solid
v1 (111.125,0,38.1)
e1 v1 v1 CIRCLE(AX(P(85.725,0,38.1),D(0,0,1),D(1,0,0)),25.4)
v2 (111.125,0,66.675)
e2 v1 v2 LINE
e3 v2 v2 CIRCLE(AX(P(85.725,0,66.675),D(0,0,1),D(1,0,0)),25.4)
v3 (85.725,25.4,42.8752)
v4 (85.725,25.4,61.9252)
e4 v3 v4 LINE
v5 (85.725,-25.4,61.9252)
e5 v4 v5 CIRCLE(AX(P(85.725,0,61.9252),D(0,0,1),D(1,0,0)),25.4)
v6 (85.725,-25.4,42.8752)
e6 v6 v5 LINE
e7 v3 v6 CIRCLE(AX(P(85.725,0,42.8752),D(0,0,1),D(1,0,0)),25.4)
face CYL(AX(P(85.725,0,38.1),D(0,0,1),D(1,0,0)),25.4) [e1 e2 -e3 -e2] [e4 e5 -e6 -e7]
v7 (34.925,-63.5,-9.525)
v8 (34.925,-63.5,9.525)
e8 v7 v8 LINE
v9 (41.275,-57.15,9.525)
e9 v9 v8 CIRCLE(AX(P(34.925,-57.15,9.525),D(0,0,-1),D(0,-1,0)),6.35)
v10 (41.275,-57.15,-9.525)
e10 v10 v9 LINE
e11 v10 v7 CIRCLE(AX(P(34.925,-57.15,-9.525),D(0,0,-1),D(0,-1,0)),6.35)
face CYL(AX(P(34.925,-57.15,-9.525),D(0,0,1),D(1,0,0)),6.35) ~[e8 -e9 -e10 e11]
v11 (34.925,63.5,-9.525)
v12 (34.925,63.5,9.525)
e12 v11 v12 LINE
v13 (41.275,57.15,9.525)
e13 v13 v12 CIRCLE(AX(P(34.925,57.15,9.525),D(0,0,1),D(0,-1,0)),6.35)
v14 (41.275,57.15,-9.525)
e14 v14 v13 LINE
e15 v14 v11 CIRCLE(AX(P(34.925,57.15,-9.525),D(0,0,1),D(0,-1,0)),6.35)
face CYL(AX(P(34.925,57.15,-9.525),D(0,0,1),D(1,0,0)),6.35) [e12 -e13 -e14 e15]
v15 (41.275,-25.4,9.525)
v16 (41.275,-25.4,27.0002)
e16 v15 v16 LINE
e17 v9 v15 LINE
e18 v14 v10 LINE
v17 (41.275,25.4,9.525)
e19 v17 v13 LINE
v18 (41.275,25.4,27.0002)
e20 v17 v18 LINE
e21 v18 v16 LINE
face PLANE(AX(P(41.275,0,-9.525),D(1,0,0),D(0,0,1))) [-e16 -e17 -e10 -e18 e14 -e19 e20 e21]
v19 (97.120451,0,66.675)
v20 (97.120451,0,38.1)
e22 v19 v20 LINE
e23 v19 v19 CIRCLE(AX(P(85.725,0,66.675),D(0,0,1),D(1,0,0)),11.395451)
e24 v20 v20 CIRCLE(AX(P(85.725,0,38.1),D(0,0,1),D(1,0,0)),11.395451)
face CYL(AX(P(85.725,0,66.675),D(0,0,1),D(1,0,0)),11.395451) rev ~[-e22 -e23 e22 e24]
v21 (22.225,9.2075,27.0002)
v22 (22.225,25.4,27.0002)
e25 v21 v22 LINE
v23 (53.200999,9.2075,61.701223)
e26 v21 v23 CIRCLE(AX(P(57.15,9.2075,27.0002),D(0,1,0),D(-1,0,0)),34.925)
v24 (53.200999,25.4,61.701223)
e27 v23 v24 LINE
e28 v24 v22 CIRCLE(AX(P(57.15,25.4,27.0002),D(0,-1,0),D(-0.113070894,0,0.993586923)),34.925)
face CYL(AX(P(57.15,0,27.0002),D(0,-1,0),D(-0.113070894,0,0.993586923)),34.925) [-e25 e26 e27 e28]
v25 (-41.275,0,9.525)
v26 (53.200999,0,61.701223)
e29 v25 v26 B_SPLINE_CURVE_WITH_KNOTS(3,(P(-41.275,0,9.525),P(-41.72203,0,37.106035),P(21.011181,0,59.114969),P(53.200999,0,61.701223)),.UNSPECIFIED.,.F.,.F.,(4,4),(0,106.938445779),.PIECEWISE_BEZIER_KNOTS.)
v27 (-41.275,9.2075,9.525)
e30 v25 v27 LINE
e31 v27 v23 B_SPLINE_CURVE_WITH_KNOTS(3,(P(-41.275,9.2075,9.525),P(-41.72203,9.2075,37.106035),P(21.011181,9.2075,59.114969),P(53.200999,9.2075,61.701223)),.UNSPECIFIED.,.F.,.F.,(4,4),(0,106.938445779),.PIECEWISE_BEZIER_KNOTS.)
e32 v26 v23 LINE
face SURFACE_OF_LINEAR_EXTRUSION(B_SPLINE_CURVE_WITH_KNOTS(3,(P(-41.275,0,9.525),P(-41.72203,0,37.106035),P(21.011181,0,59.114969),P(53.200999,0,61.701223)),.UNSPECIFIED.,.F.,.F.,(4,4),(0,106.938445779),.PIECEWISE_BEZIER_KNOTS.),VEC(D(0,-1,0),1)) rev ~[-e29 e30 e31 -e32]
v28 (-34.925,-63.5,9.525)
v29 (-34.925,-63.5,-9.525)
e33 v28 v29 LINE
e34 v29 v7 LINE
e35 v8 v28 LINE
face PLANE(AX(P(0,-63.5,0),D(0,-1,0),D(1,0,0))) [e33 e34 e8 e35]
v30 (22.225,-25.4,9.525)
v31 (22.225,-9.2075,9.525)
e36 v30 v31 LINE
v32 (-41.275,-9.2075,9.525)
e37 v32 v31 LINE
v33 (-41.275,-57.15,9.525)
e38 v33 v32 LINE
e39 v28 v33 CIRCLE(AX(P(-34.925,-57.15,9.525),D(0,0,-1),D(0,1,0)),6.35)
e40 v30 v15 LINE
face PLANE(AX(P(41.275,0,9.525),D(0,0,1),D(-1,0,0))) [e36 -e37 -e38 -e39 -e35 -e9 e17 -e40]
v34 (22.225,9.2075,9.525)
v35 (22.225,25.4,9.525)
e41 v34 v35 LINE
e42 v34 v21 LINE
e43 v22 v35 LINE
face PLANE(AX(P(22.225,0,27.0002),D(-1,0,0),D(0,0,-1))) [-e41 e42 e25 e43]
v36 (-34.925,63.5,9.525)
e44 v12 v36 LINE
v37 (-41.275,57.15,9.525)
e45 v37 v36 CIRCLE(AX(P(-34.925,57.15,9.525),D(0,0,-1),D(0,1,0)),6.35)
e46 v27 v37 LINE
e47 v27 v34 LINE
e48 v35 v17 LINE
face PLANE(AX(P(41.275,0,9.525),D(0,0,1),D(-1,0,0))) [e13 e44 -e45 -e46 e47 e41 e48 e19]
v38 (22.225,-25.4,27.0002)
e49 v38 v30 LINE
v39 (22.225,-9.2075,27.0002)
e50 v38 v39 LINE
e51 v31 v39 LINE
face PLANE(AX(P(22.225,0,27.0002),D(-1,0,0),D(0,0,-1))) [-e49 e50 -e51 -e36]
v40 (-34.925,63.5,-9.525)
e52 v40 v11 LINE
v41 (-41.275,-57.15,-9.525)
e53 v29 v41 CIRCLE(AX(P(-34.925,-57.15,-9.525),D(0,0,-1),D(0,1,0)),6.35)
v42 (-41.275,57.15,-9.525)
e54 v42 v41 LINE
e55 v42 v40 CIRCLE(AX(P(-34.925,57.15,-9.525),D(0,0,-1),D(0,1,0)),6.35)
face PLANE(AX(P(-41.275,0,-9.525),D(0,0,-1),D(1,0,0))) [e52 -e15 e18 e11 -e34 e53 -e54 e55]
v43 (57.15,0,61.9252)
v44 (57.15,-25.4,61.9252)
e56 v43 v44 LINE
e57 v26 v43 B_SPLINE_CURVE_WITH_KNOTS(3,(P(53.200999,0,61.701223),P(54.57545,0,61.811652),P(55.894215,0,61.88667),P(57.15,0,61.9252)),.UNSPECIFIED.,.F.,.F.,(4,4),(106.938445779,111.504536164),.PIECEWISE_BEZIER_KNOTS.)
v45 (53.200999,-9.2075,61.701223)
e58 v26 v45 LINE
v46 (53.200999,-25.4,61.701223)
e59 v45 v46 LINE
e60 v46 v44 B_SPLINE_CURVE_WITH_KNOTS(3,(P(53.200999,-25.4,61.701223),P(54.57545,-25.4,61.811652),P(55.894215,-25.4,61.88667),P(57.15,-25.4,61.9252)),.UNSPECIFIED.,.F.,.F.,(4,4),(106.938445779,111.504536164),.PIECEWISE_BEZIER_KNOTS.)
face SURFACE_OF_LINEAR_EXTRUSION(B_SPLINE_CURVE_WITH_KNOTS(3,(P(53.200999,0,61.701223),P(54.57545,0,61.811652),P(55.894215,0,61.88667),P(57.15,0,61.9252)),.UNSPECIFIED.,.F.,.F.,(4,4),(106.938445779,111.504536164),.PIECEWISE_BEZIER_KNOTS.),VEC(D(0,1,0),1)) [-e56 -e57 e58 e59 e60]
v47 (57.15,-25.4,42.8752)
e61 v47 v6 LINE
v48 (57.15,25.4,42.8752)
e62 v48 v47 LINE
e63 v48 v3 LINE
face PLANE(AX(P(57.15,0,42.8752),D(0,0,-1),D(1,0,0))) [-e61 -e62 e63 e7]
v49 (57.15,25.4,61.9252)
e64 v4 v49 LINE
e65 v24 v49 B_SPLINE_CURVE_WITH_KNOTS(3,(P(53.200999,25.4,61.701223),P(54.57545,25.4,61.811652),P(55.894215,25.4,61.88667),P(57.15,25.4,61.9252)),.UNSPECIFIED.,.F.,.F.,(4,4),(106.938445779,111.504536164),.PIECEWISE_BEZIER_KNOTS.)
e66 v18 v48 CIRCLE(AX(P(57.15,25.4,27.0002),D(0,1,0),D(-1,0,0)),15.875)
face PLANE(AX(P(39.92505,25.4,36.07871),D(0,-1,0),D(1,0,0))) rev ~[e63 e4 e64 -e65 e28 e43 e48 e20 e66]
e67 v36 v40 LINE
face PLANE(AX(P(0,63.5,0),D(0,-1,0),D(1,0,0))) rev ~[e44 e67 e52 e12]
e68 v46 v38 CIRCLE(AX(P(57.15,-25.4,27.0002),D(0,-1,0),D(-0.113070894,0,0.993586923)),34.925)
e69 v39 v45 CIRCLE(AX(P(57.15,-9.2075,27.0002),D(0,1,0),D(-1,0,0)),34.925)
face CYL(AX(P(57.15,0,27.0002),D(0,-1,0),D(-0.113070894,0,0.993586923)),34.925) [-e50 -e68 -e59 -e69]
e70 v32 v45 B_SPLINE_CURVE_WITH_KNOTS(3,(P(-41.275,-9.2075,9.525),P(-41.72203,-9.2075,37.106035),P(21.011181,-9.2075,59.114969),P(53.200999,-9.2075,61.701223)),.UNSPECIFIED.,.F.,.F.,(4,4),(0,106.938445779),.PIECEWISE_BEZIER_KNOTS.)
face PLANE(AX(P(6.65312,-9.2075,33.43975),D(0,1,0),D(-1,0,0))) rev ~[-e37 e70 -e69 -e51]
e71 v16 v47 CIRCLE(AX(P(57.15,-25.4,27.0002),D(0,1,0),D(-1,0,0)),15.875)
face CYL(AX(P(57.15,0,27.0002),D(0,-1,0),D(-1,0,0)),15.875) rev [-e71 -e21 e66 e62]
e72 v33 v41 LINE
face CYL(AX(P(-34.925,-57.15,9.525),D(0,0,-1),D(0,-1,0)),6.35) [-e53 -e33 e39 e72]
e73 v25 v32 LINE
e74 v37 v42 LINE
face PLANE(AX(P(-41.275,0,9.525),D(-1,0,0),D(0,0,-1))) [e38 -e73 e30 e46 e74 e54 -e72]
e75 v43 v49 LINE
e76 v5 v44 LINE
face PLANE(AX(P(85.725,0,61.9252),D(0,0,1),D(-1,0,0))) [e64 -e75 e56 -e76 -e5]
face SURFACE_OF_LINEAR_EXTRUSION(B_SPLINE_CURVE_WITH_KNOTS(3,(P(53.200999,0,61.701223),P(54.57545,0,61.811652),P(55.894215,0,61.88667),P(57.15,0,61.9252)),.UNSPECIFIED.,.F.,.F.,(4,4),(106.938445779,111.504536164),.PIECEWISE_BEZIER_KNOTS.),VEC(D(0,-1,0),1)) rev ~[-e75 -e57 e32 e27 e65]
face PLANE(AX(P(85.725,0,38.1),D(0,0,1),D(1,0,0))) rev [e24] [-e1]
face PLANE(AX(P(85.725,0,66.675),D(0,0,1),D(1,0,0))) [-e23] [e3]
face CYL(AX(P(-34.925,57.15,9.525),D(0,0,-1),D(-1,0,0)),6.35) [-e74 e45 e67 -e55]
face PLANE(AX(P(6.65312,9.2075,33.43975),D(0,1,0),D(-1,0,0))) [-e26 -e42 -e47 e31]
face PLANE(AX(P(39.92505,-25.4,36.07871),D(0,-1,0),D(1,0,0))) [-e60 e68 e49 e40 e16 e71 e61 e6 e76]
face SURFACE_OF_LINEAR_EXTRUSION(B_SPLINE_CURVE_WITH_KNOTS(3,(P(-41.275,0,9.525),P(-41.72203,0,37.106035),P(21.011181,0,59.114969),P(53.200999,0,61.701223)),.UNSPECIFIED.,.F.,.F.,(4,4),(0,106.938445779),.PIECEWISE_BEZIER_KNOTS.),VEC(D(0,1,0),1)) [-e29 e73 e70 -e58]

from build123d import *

# Parameters (mm, degrees)
F1_DEPTH = 63.5
F0_W     = 25.4
F0_H     = 19.05
F2_DEPTH = 25.4
F3_DEPTH = 9.2075
F5_R     = 6.35
F6_R     = 11.3954507036
F7_DEPTH = 76.201


with BuildPart() as f1:
    # F0 (on Front) → F1 (new body, symmetric)
    with BuildSketch(Plane.XZ):
        Polygon((-41.275, 9.525), (-41.275, -9.525), (41.275, -9.525), (41.275, 9.525), (22.225, 9.525), align=None)
    extrude(amount=F1_DEPTH, both=True)

    # F0 (on Front) → F2 (join, symmetric)
    with BuildSketch(Plane.XZ):
        with BuildLine():
            Line((22.225, 9.525), (41.275, 9.525))
            Line((41.275, 9.525), (41.275, 27.0002))
            ThreePointArc((41.275, 27.0002), (45.9246798487, 38.2255201513), (57.15, 42.8752))
            Line((57.15, 42.8752), (60.325, 42.8752))
            Line((60.325, 42.8752), (60.325, 61.9252))
            Line((60.325, 61.9252), (57.15, 61.9252))
            add(Edge.make_bspline(
                [(53.2009990256, 61.7012232746), (54.5754497046, 61.8116519501), (55.8942153415, 61.886670259), (57.15, 61.9252)],
                knots=[106.938445779, 106.938445779, 106.938445779, 106.938445779, 111.5045361635, 111.5045361635, 111.5045361635, 111.5045361635], degree=3))
            ThreePointArc((53.2009990256, 61.7012232746), (31.0954947847, 50.2578521383), (22.225, 27.0002))
            Line((22.225, 27.0002), (22.225, 9.525))
        make_face()
        with Locations((73.025, 52.4002)):
            Rectangle(F0_W, F0_H)
    extrude(amount=F2_DEPTH, both=True)

    # F0 (on Front) → F3 (join, symmetric)
    with BuildSketch(Plane.XZ):
        with BuildLine():
            add(Edge.make_bspline(
                [(-41.275, 9.525), (-41.7220303949, 37.1060348211), (21.011180815, 59.1149689658), (53.2009990256, 61.7012232746)],
                knots=[0, 0, 0, 0, 106.938445779, 106.938445779, 106.938445779, 106.938445779], degree=3))
            Line((-41.275, 9.525), (22.225, 9.525))
            Line((22.225, 9.525), (22.225, 27.0002))
            ThreePointArc((22.225, 27.0002), (31.0954947847, 50.2578521383), (53.2009990256, 61.7012232746))
        make_face()
    extrude(amount=F3_DEPTH, both=True)

    # F0 (on Front) → F4 (revolve)
    with BuildSketch(Plane.XZ):
        Polygon((85.725, 66.675), (85.725, 61.9252), (85.725, 42.8752), (85.725, 38.1), (111.125, 38.1), (111.125, 66.675), align=None)
    revolve(axis=Axis((85.725, 0, 52.3875), (0, 0, 1)))

    # F5
    f5_edges = [f1.edges().sort_by_distance(p)[0] for p in [
        (41.275, -63.5, 0),
        (-41.275, -63.5, 0),
        (-41.275, 63.5, 0),
        (41.275, 63.5, 0),
    ]]
    fillet(f5_edges, radius=F5_R)

    # F6 (on face) → F7 (cut, through all)
    with BuildSketch(Plane.XY.offset(66.675)):
        with Locations((85.725, 0)):
            Circle(F6_R)
    extrude(amount=-F7_DEPTH, mode=Mode.SUBTRACT)


solid = f1.part
